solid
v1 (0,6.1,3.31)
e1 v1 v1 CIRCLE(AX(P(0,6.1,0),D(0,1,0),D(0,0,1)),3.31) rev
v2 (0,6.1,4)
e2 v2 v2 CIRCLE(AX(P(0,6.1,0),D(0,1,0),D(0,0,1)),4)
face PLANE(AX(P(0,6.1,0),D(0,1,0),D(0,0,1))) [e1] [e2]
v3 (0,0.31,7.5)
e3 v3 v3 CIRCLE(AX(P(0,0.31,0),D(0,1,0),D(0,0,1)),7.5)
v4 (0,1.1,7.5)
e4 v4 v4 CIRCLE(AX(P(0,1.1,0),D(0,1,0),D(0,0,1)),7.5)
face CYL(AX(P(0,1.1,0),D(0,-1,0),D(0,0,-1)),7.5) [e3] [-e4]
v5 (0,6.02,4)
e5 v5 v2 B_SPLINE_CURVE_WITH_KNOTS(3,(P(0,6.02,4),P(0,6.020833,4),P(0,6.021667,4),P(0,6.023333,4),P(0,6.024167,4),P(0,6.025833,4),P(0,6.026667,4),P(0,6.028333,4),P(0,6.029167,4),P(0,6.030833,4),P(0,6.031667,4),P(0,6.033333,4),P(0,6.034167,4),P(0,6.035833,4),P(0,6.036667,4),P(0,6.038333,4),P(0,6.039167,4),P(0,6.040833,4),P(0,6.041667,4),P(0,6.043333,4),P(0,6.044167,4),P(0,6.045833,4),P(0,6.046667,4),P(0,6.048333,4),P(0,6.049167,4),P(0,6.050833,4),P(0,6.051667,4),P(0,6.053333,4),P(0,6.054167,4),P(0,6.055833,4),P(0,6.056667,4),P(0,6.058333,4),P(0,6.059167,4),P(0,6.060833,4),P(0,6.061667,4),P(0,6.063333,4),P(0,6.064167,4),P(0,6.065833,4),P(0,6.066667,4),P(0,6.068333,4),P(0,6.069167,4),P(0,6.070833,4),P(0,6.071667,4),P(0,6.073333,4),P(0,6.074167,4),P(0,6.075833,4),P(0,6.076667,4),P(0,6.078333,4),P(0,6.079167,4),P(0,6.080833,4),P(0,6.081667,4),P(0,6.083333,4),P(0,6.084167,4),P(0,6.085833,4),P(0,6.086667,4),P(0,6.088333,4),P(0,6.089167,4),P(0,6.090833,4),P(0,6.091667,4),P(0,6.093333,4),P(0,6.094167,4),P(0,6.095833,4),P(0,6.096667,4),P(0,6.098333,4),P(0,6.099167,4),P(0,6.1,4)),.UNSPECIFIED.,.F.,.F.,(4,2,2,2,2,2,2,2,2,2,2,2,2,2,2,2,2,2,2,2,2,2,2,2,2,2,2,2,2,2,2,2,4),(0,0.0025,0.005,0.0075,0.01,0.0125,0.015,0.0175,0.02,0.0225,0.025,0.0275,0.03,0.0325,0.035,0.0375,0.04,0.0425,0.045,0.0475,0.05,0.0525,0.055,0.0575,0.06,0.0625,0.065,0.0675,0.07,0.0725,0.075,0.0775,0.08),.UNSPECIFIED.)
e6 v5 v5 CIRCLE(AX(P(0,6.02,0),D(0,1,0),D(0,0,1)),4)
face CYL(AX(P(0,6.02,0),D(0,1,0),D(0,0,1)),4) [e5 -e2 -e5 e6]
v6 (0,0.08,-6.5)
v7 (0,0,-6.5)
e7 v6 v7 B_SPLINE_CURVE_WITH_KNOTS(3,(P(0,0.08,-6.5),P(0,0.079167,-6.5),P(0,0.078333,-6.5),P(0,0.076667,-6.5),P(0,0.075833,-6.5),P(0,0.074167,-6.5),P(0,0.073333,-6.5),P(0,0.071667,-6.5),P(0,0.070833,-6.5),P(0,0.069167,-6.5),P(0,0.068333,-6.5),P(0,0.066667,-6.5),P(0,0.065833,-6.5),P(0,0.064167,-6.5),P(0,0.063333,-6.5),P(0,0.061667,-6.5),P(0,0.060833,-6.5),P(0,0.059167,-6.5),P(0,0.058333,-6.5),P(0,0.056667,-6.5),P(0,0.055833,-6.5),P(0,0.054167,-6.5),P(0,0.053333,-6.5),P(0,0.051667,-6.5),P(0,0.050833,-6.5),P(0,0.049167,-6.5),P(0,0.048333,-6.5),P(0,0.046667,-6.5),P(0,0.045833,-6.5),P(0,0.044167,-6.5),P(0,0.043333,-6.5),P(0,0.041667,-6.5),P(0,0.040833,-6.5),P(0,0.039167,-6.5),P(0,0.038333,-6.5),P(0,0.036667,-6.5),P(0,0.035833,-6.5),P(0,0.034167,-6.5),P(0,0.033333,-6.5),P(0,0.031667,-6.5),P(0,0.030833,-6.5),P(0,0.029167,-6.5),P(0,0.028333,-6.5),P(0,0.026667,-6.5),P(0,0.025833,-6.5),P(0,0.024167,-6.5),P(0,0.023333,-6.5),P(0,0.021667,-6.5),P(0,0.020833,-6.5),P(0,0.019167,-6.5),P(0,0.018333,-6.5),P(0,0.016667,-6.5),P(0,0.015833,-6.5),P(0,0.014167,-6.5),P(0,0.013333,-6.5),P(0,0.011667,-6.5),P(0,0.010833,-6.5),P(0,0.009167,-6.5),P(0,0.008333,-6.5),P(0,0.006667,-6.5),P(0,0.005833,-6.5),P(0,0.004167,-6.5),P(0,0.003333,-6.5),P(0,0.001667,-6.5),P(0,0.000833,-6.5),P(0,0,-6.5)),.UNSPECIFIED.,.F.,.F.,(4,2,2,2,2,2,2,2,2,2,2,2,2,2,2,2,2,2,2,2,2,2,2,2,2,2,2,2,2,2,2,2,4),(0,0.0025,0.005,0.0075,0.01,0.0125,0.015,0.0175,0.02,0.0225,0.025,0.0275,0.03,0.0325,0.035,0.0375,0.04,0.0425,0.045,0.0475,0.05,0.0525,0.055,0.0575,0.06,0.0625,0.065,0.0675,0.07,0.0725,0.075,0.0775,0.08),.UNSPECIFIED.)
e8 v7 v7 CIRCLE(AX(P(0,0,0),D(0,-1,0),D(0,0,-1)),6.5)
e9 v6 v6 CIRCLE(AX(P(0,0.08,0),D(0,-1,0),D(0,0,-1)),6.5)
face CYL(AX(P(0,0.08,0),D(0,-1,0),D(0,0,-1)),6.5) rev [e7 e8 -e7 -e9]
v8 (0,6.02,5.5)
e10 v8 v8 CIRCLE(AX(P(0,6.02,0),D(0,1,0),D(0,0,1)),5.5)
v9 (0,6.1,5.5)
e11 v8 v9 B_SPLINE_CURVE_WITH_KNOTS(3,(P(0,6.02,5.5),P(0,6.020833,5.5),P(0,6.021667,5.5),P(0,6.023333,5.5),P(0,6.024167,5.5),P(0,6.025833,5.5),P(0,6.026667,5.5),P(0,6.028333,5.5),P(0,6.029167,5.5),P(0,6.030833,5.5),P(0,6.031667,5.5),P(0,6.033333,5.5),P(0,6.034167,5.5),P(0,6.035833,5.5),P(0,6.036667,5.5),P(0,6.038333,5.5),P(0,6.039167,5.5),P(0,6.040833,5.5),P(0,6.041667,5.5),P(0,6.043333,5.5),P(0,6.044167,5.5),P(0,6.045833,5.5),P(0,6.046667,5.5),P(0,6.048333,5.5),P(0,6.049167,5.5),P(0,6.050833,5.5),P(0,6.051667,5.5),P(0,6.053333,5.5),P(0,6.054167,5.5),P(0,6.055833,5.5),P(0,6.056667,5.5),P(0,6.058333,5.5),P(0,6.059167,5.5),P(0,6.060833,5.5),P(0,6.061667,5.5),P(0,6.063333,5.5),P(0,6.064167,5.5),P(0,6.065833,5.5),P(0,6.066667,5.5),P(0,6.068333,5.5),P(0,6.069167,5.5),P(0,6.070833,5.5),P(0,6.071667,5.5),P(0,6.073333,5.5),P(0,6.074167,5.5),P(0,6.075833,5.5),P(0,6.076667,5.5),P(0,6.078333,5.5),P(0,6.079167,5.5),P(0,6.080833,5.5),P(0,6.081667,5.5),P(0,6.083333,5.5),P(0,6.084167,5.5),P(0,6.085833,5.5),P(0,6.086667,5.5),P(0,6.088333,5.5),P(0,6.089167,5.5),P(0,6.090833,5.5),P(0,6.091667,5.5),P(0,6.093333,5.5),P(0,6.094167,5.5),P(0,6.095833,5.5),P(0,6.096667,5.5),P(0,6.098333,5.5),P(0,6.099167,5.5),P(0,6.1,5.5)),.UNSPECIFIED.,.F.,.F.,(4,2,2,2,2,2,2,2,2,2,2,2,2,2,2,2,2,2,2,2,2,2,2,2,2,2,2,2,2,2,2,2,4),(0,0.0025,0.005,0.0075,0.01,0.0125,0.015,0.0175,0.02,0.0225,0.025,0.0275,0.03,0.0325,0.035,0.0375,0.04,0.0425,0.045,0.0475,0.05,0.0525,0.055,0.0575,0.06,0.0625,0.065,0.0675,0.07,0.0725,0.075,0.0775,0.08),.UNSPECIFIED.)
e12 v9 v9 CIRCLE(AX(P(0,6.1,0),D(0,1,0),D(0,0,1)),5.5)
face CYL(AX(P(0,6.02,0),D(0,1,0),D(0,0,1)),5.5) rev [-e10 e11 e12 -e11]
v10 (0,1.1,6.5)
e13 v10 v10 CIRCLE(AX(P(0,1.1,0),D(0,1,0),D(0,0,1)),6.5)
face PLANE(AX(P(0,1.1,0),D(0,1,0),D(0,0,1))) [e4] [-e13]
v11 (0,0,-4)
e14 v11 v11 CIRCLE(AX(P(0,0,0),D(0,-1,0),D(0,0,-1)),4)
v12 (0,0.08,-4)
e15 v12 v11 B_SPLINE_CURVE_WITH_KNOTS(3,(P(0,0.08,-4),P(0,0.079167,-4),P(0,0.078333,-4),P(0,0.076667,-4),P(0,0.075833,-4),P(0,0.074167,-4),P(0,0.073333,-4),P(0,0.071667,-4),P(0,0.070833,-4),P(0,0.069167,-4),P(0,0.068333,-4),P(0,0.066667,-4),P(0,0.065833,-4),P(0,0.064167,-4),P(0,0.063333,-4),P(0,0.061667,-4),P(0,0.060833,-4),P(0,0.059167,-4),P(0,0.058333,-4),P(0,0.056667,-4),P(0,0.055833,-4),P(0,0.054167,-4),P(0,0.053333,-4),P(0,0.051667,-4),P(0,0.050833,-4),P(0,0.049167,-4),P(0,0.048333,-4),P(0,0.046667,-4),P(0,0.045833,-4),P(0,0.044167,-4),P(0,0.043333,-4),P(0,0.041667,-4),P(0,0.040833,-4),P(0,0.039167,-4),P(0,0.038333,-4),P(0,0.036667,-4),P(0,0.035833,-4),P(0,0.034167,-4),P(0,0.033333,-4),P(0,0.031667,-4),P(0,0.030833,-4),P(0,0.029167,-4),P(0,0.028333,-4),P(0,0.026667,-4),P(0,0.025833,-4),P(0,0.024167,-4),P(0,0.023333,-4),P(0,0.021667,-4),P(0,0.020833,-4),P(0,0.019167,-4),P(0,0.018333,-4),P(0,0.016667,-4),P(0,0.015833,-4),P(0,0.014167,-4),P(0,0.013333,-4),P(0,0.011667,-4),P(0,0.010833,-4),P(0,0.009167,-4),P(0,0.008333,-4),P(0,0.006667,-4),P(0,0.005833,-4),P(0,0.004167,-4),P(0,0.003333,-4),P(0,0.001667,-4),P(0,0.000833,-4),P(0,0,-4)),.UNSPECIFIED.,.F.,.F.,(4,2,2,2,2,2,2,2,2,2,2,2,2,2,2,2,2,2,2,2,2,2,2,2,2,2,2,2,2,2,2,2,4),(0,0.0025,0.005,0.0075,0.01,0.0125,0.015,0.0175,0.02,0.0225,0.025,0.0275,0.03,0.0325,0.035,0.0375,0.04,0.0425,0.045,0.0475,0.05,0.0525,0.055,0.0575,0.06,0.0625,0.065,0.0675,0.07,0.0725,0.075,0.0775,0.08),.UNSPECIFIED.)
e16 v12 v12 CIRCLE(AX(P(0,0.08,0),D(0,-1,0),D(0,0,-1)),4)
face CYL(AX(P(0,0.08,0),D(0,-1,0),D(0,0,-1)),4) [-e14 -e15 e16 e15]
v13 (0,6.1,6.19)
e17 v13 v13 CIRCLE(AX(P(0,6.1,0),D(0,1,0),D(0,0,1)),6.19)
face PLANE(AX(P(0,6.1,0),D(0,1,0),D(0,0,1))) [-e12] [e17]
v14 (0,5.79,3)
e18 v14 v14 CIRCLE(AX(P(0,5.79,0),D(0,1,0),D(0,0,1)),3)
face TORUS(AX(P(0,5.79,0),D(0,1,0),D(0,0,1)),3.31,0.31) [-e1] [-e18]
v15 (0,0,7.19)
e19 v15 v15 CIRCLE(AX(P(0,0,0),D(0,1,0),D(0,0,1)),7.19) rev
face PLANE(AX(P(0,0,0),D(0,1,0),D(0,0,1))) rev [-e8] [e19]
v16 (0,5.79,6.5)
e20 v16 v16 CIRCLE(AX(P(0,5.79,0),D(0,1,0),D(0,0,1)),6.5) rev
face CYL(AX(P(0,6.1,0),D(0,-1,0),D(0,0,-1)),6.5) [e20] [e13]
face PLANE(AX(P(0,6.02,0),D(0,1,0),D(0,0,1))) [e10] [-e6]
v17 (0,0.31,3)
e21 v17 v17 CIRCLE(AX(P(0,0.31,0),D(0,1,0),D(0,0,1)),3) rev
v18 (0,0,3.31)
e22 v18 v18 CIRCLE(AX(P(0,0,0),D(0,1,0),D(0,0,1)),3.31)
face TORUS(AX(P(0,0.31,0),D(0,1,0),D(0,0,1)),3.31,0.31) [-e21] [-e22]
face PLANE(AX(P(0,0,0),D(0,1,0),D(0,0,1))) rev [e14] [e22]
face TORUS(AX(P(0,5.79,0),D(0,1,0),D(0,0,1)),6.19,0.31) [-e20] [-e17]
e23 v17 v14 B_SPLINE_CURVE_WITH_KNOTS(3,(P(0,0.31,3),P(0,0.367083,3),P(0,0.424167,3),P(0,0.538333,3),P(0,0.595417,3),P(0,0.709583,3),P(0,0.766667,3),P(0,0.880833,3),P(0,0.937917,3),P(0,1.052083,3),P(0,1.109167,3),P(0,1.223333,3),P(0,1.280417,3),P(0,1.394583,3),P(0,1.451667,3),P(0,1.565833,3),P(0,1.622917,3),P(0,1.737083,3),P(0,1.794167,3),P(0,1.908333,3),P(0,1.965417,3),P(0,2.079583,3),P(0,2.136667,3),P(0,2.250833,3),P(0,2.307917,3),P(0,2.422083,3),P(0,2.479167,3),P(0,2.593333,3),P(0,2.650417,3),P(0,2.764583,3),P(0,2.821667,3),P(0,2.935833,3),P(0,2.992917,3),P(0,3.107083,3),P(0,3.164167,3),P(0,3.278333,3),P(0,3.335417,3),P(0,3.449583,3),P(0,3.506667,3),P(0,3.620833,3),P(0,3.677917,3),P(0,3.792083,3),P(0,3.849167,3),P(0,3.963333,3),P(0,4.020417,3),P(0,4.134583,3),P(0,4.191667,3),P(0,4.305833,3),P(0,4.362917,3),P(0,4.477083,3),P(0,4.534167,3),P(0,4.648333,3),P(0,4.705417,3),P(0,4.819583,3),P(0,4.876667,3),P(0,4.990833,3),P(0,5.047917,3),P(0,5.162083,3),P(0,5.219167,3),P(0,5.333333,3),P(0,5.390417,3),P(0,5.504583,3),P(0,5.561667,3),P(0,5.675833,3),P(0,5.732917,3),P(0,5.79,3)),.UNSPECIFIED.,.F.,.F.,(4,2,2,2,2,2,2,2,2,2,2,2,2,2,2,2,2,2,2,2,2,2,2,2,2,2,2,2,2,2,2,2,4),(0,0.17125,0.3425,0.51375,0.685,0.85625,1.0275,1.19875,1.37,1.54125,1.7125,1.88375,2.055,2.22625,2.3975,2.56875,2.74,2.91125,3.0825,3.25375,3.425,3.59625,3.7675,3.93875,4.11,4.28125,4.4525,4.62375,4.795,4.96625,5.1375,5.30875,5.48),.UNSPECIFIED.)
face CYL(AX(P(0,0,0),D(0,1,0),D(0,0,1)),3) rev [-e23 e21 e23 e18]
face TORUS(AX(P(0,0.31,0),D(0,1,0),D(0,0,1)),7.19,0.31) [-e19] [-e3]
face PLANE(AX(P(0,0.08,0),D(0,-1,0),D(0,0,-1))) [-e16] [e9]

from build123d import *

# Parameters (mm, degrees)
SKETCH1_R           = 7.5
BOSS_EXTRUDE1_DEPTH = 1.1
SKETCH2_R           = 6.5
BOSS_EXTRUDE2_DEPTH = 5
SKETCH3_R           = 3
CUT_EXTRUDE1_DEPTH  = 13.235603786
SKETCH4_R           = 6.5
SKETCH4_R_2         = 4
CUT_EXTRUDE2_DEPTH  = 0.08
CUT_EXTRUDE3_START  = -0.08
SKETCH5_R           = 5.5
SKETCH5_R_2         = 4
CUT_EXTRUDE3_DEPTH  = 0.08
FILLET1_R           = 0.31


with BuildPart() as part:
    # Sketch1 → Boss-Extrude1 (new body)
    with BuildSketch(Plane(origin=(0, 0, 0), x_dir=(1, 0, 0), z_dir=(0, 1, 0))):
        with Locations(Location((0, 0, 0), (0, 0, 270))):
            Circle(SKETCH1_R)
    extrude(amount=BOSS_EXTRUDE1_DEPTH)

    # Sketch2 → Boss-Extrude2 (add)
    with BuildSketch(Plane(origin=(0, 1.1, 0), x_dir=(1, 0, 0), z_dir=(0, 1, 0))):
        with Locations(Location((0, 0, 0), (0, 0, 270))):
            Circle(SKETCH2_R)
    extrude(amount=BOSS_EXTRUDE2_DEPTH)

    # Sketch3 → Cut-Extrude1 (cut, through all)
    with BuildSketch(Plane(origin=(0, 6.1, 0), x_dir=(1, 0, 0), z_dir=(0, 1, 0))):
        with Locations(Location((0, 0, 0), (0, 0, 270))):
            Circle(SKETCH3_R)
    extrude(amount=-CUT_EXTRUDE1_DEPTH, mode=Mode.SUBTRACT)

    # Sketch4 → Cut-Extrude2 (cut)
    with BuildSketch(Plane.XZ):
        with Locations(Location((0, 0, 0), (0, 0, 90))):
            Circle(SKETCH4_R)
        with Locations(Location((0, 0, 0), (0, 0, 270))):
            Circle(SKETCH4_R_2, mode=Mode.SUBTRACT)
    extrude(amount=-CUT_EXTRUDE2_DEPTH, mode=Mode.SUBTRACT)

    # Sketch5 → Cut-Extrude3 (cut)
    with BuildSketch(Plane(origin=(0, 6.1, 0), x_dir=(1, 0, 0), z_dir=(0, 1, 0)).offset(CUT_EXTRUDE3_START)):
        with Locations(Location((0, 0, 0), (0, 0, 270))):
            Circle(SKETCH5_R)
        with Locations(Location((0, 0, 0), (0, 0, 90))):
            Circle(SKETCH5_R_2, mode=Mode.SUBTRACT)
    extrude(amount=CUT_EXTRUDE3_DEPTH, mode=Mode.SUBTRACT)

    # Fillet1
    fillet1_edges = [part.edges().sort_by_distance(p)[0] for p in [
        (0, 0, -3),
        (0, 6.1, -3),
        (0, 0, -7.5),
        (0, 6.1, -6.5),
    ]]
    fillet(fillet1_edges, radius=FILLET1_R)


solid = part.part
